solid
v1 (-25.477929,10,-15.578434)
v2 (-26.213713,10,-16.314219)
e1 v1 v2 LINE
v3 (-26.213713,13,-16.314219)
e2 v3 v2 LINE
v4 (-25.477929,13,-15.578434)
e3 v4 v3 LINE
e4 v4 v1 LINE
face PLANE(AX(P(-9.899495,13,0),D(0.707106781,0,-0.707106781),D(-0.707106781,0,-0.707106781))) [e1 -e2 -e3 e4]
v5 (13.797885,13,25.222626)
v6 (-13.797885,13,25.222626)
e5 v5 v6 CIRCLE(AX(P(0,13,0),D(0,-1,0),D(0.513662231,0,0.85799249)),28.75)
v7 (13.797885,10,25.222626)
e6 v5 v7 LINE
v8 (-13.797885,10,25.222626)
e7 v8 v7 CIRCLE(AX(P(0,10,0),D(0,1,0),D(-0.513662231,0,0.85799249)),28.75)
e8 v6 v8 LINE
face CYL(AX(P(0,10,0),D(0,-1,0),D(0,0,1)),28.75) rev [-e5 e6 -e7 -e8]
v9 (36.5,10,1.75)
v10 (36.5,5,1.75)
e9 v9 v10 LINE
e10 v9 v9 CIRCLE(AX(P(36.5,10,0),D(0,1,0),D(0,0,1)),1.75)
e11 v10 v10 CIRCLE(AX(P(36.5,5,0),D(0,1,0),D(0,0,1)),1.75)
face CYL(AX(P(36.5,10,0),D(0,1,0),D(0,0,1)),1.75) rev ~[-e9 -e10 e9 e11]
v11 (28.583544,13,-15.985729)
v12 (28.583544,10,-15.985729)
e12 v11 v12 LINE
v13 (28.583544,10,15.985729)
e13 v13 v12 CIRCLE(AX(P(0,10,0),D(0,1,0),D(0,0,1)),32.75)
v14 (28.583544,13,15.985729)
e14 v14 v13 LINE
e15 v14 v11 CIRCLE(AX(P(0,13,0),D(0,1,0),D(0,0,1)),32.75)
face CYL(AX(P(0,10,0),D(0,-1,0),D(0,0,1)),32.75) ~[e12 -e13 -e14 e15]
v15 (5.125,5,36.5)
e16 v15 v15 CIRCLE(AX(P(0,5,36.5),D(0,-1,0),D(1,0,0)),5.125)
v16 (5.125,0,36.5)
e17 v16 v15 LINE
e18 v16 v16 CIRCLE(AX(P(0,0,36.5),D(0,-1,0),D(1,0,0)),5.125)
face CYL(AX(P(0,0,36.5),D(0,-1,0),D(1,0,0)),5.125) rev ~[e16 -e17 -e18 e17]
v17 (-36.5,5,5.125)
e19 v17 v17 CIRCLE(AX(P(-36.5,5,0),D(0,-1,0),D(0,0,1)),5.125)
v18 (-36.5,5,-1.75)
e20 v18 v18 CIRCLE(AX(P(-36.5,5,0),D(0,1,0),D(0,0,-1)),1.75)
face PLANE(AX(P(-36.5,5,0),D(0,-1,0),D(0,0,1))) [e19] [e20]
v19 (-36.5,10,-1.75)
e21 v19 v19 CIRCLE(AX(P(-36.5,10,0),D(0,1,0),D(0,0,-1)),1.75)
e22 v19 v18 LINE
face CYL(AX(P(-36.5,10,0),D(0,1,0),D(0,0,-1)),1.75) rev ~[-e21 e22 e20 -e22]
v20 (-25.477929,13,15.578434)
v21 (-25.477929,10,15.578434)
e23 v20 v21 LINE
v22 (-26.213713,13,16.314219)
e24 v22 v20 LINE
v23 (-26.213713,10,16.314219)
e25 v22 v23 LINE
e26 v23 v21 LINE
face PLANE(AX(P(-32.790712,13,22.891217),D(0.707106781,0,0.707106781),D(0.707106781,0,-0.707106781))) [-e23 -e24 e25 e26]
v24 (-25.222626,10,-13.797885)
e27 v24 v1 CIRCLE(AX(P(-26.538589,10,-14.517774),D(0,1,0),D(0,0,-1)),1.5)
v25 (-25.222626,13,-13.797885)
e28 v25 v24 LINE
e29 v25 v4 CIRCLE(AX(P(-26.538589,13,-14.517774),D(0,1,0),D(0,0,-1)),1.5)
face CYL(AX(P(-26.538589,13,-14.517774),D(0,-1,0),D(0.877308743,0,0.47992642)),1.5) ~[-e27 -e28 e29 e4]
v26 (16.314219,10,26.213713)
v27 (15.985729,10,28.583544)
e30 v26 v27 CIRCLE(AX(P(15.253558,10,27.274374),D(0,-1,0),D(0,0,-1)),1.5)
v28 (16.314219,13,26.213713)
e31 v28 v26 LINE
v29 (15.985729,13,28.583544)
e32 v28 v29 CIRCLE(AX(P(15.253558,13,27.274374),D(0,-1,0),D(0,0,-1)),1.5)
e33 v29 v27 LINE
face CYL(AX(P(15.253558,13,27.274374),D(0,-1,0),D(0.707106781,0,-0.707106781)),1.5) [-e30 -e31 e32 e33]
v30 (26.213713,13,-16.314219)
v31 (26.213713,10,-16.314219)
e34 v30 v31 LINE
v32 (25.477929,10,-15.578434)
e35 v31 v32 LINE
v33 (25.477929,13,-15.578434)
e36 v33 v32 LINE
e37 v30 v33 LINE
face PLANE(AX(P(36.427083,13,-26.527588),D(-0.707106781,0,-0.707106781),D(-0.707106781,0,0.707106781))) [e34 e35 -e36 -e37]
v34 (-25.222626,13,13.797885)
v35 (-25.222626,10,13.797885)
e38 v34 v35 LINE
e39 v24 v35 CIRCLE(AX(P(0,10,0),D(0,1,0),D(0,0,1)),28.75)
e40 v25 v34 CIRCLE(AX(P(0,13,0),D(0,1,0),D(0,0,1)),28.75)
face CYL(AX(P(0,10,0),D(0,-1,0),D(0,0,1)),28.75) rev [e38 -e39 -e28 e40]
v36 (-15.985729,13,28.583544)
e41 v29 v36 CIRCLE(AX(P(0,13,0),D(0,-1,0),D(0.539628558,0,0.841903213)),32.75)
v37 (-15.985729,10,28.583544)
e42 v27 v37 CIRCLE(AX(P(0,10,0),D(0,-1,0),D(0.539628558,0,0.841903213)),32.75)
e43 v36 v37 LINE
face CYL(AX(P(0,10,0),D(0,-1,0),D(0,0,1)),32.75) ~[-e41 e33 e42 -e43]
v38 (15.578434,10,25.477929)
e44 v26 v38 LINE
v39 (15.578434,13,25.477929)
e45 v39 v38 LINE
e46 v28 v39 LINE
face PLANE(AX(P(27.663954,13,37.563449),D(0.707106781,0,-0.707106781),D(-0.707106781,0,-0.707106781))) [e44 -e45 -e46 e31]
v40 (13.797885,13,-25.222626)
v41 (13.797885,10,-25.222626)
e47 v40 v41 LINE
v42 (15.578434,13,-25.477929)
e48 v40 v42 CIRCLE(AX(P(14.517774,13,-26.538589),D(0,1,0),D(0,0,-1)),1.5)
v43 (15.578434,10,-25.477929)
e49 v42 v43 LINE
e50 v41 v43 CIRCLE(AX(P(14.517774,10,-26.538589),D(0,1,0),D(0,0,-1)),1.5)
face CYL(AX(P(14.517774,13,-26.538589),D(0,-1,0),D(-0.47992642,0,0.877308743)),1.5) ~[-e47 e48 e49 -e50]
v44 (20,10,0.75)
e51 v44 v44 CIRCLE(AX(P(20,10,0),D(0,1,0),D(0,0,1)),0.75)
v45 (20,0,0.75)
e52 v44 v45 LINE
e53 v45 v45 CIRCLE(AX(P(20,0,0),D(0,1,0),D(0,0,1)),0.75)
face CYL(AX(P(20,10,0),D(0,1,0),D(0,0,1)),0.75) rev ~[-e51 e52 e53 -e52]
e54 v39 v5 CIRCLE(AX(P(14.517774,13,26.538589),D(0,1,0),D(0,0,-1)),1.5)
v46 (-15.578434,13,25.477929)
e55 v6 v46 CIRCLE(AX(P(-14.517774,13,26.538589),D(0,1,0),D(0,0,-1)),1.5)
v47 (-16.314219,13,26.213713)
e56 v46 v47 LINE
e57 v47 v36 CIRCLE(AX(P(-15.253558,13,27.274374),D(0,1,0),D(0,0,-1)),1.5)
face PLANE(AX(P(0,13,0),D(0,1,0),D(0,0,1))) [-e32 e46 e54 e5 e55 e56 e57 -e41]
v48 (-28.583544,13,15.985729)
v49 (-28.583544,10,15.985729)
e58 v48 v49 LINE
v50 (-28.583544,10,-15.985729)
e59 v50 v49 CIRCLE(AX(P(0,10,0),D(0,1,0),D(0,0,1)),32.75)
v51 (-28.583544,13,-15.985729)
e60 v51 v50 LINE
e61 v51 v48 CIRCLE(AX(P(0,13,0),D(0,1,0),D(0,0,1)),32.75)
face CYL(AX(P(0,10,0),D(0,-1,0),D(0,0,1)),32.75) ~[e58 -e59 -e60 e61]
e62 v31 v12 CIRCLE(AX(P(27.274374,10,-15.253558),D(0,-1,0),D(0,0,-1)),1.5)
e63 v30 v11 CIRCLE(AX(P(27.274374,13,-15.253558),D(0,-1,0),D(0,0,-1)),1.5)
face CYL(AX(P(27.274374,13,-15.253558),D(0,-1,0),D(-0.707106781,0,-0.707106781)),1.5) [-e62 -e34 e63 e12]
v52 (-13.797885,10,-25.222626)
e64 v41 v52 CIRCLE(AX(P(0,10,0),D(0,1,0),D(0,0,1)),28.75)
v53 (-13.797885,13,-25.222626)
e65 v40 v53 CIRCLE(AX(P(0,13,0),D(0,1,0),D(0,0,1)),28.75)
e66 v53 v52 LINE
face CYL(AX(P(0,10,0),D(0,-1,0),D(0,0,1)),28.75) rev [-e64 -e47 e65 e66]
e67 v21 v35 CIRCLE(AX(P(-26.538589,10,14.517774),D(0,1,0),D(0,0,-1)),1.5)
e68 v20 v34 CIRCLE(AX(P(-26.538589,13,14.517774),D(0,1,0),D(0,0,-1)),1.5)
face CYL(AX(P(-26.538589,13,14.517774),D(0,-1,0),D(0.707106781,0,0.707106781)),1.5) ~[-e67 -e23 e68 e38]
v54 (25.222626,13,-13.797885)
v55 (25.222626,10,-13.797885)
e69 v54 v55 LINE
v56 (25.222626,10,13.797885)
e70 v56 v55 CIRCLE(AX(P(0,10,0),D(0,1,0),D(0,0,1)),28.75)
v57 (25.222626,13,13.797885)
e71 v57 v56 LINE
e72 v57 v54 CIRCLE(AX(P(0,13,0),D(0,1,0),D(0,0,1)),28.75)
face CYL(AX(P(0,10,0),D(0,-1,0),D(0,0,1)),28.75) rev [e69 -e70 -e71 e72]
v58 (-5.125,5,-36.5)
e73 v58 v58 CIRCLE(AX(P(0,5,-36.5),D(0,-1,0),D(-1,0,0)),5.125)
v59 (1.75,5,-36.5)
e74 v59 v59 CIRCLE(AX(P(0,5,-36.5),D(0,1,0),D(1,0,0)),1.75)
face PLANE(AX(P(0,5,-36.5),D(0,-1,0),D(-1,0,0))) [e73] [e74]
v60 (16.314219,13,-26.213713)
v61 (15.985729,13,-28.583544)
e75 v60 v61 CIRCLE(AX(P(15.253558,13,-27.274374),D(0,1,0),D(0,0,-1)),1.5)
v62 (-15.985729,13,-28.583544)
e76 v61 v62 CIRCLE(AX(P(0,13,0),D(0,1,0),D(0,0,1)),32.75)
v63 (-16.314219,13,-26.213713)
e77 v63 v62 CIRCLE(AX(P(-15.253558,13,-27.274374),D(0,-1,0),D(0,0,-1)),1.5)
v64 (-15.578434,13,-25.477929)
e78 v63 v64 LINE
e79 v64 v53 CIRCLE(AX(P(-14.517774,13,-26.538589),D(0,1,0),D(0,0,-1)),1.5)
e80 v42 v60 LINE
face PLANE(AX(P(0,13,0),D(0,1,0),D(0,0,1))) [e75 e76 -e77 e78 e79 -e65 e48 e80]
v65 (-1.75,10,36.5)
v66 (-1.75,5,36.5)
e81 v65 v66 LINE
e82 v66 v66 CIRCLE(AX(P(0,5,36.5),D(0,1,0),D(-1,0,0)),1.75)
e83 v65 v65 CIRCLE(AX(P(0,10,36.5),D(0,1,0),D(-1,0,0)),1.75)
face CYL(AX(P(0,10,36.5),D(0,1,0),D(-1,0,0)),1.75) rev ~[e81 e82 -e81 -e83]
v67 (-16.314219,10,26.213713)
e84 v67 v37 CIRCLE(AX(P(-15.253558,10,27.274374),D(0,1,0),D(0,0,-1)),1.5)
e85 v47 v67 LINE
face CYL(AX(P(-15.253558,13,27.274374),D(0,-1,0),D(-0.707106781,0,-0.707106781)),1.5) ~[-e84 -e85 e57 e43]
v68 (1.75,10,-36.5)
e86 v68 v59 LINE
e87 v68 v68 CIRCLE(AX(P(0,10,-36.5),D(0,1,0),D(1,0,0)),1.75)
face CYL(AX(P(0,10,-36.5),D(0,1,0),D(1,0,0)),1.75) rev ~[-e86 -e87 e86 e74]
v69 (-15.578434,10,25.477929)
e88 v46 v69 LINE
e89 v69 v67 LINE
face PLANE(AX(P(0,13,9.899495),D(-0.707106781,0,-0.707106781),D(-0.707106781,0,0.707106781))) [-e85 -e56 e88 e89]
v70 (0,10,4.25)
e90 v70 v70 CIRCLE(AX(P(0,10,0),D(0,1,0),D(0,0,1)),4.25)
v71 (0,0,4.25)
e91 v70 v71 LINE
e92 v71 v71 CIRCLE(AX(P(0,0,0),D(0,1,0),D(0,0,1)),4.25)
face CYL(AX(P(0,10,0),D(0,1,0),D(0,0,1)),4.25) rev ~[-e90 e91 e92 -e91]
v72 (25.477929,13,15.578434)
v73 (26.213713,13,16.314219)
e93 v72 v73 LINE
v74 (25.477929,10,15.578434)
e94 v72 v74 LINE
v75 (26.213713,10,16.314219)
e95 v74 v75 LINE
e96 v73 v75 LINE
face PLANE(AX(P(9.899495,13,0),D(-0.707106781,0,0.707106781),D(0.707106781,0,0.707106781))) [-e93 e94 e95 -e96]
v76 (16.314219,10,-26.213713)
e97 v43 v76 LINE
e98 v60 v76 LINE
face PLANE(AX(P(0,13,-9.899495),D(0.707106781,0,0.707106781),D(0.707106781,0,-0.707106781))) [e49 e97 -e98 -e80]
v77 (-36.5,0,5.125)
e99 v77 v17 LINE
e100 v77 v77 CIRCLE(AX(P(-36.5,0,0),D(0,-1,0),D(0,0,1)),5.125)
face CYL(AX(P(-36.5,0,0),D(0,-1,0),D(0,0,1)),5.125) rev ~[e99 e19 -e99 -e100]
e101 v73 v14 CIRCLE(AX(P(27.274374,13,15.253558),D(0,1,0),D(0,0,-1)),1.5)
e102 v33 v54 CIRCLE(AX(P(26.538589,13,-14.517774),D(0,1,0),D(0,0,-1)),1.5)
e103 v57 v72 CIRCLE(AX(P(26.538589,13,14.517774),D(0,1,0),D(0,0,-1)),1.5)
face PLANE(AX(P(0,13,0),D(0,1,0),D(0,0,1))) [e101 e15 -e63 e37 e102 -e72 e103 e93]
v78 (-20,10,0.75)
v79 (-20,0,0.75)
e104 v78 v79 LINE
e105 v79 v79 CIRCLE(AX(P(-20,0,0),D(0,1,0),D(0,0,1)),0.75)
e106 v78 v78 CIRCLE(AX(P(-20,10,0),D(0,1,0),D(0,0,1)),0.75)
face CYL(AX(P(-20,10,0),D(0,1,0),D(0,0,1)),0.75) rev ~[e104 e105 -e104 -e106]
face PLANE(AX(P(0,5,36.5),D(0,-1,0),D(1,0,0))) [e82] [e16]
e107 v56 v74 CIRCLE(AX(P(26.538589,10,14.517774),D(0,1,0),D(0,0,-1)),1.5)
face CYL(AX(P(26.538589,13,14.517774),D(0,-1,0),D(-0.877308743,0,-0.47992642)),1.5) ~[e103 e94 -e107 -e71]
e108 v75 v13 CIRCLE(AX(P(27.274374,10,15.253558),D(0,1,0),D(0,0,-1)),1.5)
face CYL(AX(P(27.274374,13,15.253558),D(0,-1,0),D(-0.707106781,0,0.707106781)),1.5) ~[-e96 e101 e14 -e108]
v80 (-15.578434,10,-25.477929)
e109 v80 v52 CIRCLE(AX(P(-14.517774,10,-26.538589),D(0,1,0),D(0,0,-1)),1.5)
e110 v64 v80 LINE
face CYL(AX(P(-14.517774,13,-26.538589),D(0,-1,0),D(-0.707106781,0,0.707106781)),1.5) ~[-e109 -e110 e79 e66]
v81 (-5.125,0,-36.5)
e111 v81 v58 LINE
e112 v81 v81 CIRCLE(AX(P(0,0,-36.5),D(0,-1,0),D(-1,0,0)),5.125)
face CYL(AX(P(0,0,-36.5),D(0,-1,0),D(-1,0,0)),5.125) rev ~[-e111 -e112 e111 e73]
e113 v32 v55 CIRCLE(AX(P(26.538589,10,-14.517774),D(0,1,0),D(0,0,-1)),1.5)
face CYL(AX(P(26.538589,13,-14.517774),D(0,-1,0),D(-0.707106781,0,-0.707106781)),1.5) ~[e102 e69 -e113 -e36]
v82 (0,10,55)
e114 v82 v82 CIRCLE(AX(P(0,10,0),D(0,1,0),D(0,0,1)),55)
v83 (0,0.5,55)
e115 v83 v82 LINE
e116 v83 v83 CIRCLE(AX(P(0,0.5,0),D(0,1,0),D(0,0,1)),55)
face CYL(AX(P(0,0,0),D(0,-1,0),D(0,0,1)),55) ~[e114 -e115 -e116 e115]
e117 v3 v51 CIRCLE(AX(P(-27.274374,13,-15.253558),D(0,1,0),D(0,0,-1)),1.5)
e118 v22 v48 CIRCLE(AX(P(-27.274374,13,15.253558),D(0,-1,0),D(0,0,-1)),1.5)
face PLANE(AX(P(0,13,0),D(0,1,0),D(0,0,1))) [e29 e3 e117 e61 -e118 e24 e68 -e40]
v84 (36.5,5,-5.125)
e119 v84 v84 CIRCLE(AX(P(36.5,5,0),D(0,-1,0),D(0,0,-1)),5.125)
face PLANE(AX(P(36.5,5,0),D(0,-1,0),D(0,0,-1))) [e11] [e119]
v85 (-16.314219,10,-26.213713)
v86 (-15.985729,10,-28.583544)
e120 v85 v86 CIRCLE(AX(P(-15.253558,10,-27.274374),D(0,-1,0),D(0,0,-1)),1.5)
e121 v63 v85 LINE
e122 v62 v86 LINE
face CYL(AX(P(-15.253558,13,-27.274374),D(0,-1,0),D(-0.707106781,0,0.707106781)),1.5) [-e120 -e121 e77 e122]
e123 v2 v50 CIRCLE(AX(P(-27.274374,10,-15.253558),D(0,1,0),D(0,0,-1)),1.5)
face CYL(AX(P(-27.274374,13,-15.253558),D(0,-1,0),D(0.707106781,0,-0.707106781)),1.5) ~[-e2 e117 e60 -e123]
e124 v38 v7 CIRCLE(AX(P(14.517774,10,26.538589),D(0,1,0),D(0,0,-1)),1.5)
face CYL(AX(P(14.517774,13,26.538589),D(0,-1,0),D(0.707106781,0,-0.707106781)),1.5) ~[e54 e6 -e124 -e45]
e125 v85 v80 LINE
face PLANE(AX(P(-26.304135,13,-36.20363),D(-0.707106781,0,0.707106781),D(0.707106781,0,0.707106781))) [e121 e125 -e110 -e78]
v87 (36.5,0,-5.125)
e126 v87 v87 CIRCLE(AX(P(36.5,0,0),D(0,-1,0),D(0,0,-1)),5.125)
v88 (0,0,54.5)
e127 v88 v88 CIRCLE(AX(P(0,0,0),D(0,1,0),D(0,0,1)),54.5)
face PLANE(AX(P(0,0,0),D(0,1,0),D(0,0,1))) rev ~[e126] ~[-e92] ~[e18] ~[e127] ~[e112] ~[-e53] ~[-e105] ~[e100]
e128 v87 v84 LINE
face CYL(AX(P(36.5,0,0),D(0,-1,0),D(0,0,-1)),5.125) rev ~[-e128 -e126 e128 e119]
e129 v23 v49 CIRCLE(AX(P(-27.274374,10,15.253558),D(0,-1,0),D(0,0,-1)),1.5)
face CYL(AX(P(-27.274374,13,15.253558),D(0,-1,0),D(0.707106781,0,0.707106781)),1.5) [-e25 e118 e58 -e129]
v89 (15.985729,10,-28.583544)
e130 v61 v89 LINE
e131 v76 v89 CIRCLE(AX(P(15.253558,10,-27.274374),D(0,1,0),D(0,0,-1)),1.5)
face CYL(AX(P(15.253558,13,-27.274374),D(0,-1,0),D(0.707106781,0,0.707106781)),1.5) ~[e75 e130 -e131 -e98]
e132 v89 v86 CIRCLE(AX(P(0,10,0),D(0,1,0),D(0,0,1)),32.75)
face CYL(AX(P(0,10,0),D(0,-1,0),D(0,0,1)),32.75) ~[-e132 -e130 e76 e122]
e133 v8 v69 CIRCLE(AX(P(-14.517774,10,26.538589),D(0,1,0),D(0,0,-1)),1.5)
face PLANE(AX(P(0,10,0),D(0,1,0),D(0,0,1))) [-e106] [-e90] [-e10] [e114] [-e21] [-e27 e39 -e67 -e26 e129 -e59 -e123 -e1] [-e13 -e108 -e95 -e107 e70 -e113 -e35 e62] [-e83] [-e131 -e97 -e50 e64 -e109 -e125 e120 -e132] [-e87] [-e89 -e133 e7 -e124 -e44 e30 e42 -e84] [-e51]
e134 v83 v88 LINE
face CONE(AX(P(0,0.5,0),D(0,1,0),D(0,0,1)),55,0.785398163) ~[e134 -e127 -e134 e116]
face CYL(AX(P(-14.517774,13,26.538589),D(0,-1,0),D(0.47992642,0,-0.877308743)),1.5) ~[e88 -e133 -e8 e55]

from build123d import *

# Parameters (mm, degrees)
SKETCH1_R           = 55
BOSS_EXTRUDE1_DEPTH = 10
SKETCH2_R           = 4.25
CUT_EXTRUDE1_DEPTH  = 79.421935707
SKETCH3_R           = 0.75
CUT_EXTRUDE2_DEPTH  = 79.421935707
SKETCH4_R           = 32.75
SKETCH4_R_2         = 28.75
BOSS_EXTRUDE2_DEPTH = 3
CUT_EXTRUDE3_DEPTH  = 3
FILLET1_R           = 1.5
SKETCH6_R           = 1.75
CUT_EXTRUDE4_DEPTH  = 79.421935707
SKETCH7_R           = 5.125
CUT_EXTRUDE5_DEPTH  = 5
CIRPATTERN1_COUNT   = 4
CHAMFER1_SIZE       = 0.5


with BuildPart() as part:
    # Sketch1 → Boss-Extrude1 (new body)
    with BuildSketch(Plane(origin=(0, 0, 0), x_dir=(1, 0, 0), z_dir=(0, 1, 0))):
        with Locations(Location((0, 0, 0), (0, 0, 270))):
            Circle(SKETCH1_R)
    extrude(amount=BOSS_EXTRUDE1_DEPTH)

    # Sketch2 → Cut-Extrude1 (cut, through all)
    with BuildSketch(Plane(origin=(0, 10, 0), x_dir=(1, 0, 0), z_dir=(0, 1, 0))):
        with Locations(Location((0, 0, 0), (0, 0, 270))):
            Circle(SKETCH2_R)
    extrude(amount=-CUT_EXTRUDE1_DEPTH, mode=Mode.SUBTRACT)

    # Sketch3 → Cut-Extrude2 (cut, through all)
    with BuildSketch(Plane(origin=(0, 10, 0), x_dir=(1, 0, 0), z_dir=(0, 1, 0))):
        with Locations(Location((-20, 0, 0), (0, 0, 270))):
            Circle(SKETCH3_R)
        with Locations(Location((20, 0, 0), (0, 0, 270))):
            Circle(SKETCH3_R)
    extrude(amount=-CUT_EXTRUDE2_DEPTH, mode=Mode.SUBTRACT)

    # Sketch4 → Boss-Extrude2 (add)
    with BuildSketch(Plane(origin=(0, 10, 0), x_dir=(1, 0, 0), z_dir=(0, 1, 0))):
        with Locations(Location((0, 0, 0), (0, 0, 270))):
            Circle(SKETCH4_R)
        with Locations(Location((0, 0, 0), (0, 0, 270))):
            Circle(SKETCH4_R_2, mode=Mode.SUBTRACT)
    extrude(amount=BOSS_EXTRUDE2_DEPTH)

    # Sketch5 → Cut-Extrude3 (cut)
    with BuildSketch(Plane(origin=(0, 13, 0), x_dir=(1, 0, 0), z_dir=(0, 1, 0))):
        Polygon((-36.203629602, 26.304134665), (-26.304134665, 36.203629602), (0, 9.899494937), (26.527588401, 36.427083337), (36.427083337, 26.527588401), (9.899494937, 0), (37.563449253, -27.663954316), (27.663954316, -37.563449253), (0, -9.899494937), (-22.89121747, -32.790712406), (-32.790712406, -22.89121747), (-9.899494937, 0), align=None)
    extrude(amount=-CUT_EXTRUDE3_DEPTH, mode=Mode.SUBTRACT)

    # Fillet1
    fillet1_edges = [part.edges().sort_by_distance(p)[0] for p in [
        (-24.667284079, 11.5, 14.767789143),
        (-14.767789143, 11.5, 24.667284079),
        (14.767789143, 11.5, 24.667284079),
        (24.667284079, 11.5, 14.767789143),
        (24.667284079, 11.5, -14.767789143),
        (14.767789143, 11.5, -24.667284079),
        (-14.767789143, 11.5, -24.667284079),
        (-24.667284079, 11.5, -14.767789143),
        (-27.572330212, 11.5, -17.672835275),
        (-17.672835275, 11.5, -27.572330212),
        (17.672835275, 11.5, -27.572330212),
        (27.572330212, 11.5, -17.672835275),
        (27.572330212, 11.5, 17.672835275),
        (17.672835275, 11.5, 27.572330212),
        (-17.672835275, 11.5, 27.572330212),
        (-27.572330212, 11.5, 17.672835275),
    ]]
    fillet(fillet1_edges, radius=FILLET1_R)

    # Sketch6 → Cut-Extrude4 (cut, through all)
    with BuildSketch(Plane(origin=(0, 10, 0), x_dir=(1, 0, 0), z_dir=(0, 1, 0))):
        with Locations(Location((36.5, 0, 0), (0, 0, 270))):
            Circle(SKETCH6_R)
    cut_extrude4 = extrude(amount=-CUT_EXTRUDE4_DEPTH, mode=Mode.SUBTRACT)

    # Sketch7 → Cut-Extrude5 (cut)
    with BuildSketch(Plane.XZ):
        with Locations(Location((36.5, 0, 0), (0, 0, 270))):
            Circle(SKETCH7_R)
    cut_extrude5 = extrude(amount=-CUT_EXTRUDE5_DEPTH, mode=Mode.SUBTRACT)

    # CirPattern1: Cut-Extrude4, Cut-Extrude5 ×4 about axis
    cirpattern1_axis = Axis((0, 0, 0), (0, 1, 0))
    add([cut_extrude4.rotate(cirpattern1_axis, i * 360 / CIRPATTERN1_COUNT) for i in range(1, CIRPATTERN1_COUNT)], mode=Mode.SUBTRACT)
    add([cut_extrude5.rotate(cirpattern1_axis, i * 360 / CIRPATTERN1_COUNT) for i in range(1, CIRPATTERN1_COUNT)], mode=Mode.SUBTRACT)

    # Chamfer1
    chamfer1_edges = [part.edges().sort_by_distance(p)[0] for p in [
        (0, 0, -55),
    ]]
    chamfer(chamfer1_edges, length=CHAMFER1_SIZE)


solid = part.part
